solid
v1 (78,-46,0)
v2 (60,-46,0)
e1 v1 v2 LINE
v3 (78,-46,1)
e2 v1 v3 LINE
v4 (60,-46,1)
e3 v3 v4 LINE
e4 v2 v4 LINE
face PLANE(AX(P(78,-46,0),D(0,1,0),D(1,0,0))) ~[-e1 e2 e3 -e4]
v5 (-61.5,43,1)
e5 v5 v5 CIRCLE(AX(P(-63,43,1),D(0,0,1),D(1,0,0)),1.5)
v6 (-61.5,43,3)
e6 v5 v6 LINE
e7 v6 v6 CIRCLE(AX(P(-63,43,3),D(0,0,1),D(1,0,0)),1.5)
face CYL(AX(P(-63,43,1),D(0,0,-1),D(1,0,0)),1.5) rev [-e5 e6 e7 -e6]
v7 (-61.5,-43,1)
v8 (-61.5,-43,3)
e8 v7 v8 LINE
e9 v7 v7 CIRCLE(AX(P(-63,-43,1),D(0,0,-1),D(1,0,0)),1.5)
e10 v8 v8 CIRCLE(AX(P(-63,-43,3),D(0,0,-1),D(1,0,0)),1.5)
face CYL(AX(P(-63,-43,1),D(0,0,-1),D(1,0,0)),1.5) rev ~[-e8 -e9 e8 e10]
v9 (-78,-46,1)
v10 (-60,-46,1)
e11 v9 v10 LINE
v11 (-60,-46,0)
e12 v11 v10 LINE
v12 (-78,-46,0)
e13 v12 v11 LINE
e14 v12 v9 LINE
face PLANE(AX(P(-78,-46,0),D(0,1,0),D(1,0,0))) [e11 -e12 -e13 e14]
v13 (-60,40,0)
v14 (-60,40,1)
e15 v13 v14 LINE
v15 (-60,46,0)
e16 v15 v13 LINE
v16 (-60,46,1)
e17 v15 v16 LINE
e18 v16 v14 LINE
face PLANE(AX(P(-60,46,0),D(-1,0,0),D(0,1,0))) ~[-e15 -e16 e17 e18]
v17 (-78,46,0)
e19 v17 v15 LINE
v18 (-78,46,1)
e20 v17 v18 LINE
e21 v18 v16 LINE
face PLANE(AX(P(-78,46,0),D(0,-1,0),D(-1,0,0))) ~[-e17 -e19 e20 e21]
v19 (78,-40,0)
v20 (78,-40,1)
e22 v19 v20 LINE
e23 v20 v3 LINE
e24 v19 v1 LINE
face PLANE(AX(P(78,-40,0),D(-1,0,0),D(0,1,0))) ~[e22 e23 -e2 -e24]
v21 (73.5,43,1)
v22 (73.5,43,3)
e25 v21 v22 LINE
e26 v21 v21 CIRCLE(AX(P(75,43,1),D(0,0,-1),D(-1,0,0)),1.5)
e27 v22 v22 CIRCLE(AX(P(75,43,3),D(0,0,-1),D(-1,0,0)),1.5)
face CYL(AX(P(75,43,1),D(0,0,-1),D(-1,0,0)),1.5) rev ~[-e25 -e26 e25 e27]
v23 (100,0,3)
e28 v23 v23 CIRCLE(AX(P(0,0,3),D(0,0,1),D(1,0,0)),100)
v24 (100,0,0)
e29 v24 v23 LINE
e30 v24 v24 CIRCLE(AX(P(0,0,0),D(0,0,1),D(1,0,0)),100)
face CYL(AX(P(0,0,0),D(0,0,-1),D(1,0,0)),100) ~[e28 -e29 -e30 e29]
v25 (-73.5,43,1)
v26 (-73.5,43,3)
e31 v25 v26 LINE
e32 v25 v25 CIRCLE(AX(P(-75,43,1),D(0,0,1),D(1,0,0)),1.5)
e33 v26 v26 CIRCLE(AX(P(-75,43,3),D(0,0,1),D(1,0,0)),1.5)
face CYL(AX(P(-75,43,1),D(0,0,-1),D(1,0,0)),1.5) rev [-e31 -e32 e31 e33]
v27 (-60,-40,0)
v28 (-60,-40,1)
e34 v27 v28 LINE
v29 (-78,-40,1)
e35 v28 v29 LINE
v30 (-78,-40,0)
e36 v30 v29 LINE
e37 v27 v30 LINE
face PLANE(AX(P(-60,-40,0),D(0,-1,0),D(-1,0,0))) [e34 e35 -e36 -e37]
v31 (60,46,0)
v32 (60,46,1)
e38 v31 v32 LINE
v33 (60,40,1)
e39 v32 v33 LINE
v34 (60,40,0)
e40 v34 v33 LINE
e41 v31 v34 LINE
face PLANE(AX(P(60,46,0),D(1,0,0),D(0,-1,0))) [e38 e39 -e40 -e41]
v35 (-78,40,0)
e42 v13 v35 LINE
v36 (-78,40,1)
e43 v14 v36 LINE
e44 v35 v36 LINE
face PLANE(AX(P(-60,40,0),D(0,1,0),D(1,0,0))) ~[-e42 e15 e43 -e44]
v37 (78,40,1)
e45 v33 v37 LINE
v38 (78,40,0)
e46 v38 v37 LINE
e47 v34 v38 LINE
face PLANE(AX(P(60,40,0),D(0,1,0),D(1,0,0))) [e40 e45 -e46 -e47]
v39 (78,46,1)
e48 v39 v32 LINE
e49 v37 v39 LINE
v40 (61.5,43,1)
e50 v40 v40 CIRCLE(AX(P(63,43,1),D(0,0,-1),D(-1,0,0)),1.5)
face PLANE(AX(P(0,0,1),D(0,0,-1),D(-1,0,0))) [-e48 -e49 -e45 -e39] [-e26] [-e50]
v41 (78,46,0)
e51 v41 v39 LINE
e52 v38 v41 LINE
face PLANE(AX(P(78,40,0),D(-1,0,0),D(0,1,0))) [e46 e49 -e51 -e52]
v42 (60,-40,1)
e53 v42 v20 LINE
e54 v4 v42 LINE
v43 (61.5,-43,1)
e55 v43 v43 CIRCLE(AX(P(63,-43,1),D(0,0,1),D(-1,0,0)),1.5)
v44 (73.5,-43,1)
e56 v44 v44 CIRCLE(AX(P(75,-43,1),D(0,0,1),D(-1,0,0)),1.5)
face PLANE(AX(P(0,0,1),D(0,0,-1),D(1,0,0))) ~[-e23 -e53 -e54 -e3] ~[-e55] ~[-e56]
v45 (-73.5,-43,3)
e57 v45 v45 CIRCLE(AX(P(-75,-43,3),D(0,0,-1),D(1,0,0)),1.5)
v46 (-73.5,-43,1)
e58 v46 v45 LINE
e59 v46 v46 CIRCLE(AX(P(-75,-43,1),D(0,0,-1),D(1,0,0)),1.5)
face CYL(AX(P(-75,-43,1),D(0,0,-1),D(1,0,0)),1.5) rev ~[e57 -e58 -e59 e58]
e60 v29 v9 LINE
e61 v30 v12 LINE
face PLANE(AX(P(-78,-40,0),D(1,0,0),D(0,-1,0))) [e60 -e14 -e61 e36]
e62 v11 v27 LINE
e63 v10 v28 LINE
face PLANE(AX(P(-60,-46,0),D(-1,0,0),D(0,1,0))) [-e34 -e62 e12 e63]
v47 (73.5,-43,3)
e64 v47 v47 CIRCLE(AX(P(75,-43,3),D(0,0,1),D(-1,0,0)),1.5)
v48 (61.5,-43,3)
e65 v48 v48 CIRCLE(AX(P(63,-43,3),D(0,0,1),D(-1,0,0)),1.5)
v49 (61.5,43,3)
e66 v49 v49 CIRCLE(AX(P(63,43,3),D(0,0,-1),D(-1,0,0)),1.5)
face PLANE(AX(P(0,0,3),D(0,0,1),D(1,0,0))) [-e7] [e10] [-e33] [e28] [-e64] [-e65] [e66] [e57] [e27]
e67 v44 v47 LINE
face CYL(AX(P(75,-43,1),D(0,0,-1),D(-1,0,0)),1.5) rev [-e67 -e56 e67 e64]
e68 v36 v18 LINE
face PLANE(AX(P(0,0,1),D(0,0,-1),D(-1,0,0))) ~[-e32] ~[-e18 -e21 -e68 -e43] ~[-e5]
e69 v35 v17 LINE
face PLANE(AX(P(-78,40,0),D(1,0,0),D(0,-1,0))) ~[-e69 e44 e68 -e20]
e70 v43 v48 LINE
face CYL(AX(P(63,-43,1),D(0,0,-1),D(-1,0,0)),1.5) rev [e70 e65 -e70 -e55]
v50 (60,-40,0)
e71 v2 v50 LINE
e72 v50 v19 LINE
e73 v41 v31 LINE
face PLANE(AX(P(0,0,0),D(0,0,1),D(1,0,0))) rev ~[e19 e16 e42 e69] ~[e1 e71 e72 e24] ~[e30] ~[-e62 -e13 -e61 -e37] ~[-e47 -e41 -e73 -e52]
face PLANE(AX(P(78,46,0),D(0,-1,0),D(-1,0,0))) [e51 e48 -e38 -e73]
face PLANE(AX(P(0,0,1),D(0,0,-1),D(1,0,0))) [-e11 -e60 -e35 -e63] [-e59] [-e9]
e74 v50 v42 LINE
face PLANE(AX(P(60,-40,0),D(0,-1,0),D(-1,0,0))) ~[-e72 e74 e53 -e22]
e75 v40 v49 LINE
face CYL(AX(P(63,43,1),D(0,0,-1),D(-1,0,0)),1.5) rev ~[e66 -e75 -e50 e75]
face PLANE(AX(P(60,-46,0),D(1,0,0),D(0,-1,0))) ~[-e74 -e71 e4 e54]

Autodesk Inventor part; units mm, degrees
ref_plane "YZ Plane" through (0, 0, 0) normal (1, 0, 0) x (0, 1, 0)
ref_plane "XZ Plane" through (0, 0, 0) normal (0, 1, 0) x (-1, 0, 0)
ref_plane "XY Plane" through (0, 0, 0) normal (0, 0, 1) x (1, 0, 0)
sketch "Sketch1" plane through (0, 0, 0) normal (0, 0, 1) x (1, 0, 0)
  circle A0 centre (0, 0) radius 100
  dimension "d0" = 200
extrude "Extrusion2" add sketch "Sketch1" along normal blind 3
ref_plane "Work Plane1" through (-33, -35, 0) normal (-1, 0, 0) x (0, 0, 1)
sketch "Sketch33" plane through (0, 0, 0) normal (0, 0, -1) x (-1, 0, 0)
  line L0 (-60, 40) -> (-78, 40)
  line L1 (-78, 40) -> (-78, 46)
  line L2 (-78, 46) -> (-60, 46)
  line L3 (-60, 46) -> (-60, 40)
  point P0 (0, 0)
  dimension "d123" = 18
  dimension "d124" = 6
extrude "Extrusion32" cut sketch "Sketch33" against normal blind 1
mirror "Mirror21" about plane through (0, 0, 0) normal (1, 0, 0) of "Extrusion32"
mirror "Mirror22" about plane through (0, 0, 0) normal (0, 1, 0) of "Extrusion32", "Mirror21"
sketch "Sketch34" plane through (0, 0, 1) normal (0, 0, -1) x (-1, 0, 0)
  circle A0 centre (-75, 43) radius 1.5
  circle A1 centre (-63, 43) radius 1.5
  point P0 (0, 0)
  dimension "d127" = 3
  dimension "d128" = 3
extrude "Extrusion33" cut sketch "Sketch34" against normal up to next
mirror "Mirror23" about plane through (0, 0, 0) normal (1, 0, 0) of "Extrusion33"
mirror "Mirror24" about plane through (0, 0, 0) normal (0, 1, 0) of "Extrusion33", "Mirror23"
properties part number "second floor"
